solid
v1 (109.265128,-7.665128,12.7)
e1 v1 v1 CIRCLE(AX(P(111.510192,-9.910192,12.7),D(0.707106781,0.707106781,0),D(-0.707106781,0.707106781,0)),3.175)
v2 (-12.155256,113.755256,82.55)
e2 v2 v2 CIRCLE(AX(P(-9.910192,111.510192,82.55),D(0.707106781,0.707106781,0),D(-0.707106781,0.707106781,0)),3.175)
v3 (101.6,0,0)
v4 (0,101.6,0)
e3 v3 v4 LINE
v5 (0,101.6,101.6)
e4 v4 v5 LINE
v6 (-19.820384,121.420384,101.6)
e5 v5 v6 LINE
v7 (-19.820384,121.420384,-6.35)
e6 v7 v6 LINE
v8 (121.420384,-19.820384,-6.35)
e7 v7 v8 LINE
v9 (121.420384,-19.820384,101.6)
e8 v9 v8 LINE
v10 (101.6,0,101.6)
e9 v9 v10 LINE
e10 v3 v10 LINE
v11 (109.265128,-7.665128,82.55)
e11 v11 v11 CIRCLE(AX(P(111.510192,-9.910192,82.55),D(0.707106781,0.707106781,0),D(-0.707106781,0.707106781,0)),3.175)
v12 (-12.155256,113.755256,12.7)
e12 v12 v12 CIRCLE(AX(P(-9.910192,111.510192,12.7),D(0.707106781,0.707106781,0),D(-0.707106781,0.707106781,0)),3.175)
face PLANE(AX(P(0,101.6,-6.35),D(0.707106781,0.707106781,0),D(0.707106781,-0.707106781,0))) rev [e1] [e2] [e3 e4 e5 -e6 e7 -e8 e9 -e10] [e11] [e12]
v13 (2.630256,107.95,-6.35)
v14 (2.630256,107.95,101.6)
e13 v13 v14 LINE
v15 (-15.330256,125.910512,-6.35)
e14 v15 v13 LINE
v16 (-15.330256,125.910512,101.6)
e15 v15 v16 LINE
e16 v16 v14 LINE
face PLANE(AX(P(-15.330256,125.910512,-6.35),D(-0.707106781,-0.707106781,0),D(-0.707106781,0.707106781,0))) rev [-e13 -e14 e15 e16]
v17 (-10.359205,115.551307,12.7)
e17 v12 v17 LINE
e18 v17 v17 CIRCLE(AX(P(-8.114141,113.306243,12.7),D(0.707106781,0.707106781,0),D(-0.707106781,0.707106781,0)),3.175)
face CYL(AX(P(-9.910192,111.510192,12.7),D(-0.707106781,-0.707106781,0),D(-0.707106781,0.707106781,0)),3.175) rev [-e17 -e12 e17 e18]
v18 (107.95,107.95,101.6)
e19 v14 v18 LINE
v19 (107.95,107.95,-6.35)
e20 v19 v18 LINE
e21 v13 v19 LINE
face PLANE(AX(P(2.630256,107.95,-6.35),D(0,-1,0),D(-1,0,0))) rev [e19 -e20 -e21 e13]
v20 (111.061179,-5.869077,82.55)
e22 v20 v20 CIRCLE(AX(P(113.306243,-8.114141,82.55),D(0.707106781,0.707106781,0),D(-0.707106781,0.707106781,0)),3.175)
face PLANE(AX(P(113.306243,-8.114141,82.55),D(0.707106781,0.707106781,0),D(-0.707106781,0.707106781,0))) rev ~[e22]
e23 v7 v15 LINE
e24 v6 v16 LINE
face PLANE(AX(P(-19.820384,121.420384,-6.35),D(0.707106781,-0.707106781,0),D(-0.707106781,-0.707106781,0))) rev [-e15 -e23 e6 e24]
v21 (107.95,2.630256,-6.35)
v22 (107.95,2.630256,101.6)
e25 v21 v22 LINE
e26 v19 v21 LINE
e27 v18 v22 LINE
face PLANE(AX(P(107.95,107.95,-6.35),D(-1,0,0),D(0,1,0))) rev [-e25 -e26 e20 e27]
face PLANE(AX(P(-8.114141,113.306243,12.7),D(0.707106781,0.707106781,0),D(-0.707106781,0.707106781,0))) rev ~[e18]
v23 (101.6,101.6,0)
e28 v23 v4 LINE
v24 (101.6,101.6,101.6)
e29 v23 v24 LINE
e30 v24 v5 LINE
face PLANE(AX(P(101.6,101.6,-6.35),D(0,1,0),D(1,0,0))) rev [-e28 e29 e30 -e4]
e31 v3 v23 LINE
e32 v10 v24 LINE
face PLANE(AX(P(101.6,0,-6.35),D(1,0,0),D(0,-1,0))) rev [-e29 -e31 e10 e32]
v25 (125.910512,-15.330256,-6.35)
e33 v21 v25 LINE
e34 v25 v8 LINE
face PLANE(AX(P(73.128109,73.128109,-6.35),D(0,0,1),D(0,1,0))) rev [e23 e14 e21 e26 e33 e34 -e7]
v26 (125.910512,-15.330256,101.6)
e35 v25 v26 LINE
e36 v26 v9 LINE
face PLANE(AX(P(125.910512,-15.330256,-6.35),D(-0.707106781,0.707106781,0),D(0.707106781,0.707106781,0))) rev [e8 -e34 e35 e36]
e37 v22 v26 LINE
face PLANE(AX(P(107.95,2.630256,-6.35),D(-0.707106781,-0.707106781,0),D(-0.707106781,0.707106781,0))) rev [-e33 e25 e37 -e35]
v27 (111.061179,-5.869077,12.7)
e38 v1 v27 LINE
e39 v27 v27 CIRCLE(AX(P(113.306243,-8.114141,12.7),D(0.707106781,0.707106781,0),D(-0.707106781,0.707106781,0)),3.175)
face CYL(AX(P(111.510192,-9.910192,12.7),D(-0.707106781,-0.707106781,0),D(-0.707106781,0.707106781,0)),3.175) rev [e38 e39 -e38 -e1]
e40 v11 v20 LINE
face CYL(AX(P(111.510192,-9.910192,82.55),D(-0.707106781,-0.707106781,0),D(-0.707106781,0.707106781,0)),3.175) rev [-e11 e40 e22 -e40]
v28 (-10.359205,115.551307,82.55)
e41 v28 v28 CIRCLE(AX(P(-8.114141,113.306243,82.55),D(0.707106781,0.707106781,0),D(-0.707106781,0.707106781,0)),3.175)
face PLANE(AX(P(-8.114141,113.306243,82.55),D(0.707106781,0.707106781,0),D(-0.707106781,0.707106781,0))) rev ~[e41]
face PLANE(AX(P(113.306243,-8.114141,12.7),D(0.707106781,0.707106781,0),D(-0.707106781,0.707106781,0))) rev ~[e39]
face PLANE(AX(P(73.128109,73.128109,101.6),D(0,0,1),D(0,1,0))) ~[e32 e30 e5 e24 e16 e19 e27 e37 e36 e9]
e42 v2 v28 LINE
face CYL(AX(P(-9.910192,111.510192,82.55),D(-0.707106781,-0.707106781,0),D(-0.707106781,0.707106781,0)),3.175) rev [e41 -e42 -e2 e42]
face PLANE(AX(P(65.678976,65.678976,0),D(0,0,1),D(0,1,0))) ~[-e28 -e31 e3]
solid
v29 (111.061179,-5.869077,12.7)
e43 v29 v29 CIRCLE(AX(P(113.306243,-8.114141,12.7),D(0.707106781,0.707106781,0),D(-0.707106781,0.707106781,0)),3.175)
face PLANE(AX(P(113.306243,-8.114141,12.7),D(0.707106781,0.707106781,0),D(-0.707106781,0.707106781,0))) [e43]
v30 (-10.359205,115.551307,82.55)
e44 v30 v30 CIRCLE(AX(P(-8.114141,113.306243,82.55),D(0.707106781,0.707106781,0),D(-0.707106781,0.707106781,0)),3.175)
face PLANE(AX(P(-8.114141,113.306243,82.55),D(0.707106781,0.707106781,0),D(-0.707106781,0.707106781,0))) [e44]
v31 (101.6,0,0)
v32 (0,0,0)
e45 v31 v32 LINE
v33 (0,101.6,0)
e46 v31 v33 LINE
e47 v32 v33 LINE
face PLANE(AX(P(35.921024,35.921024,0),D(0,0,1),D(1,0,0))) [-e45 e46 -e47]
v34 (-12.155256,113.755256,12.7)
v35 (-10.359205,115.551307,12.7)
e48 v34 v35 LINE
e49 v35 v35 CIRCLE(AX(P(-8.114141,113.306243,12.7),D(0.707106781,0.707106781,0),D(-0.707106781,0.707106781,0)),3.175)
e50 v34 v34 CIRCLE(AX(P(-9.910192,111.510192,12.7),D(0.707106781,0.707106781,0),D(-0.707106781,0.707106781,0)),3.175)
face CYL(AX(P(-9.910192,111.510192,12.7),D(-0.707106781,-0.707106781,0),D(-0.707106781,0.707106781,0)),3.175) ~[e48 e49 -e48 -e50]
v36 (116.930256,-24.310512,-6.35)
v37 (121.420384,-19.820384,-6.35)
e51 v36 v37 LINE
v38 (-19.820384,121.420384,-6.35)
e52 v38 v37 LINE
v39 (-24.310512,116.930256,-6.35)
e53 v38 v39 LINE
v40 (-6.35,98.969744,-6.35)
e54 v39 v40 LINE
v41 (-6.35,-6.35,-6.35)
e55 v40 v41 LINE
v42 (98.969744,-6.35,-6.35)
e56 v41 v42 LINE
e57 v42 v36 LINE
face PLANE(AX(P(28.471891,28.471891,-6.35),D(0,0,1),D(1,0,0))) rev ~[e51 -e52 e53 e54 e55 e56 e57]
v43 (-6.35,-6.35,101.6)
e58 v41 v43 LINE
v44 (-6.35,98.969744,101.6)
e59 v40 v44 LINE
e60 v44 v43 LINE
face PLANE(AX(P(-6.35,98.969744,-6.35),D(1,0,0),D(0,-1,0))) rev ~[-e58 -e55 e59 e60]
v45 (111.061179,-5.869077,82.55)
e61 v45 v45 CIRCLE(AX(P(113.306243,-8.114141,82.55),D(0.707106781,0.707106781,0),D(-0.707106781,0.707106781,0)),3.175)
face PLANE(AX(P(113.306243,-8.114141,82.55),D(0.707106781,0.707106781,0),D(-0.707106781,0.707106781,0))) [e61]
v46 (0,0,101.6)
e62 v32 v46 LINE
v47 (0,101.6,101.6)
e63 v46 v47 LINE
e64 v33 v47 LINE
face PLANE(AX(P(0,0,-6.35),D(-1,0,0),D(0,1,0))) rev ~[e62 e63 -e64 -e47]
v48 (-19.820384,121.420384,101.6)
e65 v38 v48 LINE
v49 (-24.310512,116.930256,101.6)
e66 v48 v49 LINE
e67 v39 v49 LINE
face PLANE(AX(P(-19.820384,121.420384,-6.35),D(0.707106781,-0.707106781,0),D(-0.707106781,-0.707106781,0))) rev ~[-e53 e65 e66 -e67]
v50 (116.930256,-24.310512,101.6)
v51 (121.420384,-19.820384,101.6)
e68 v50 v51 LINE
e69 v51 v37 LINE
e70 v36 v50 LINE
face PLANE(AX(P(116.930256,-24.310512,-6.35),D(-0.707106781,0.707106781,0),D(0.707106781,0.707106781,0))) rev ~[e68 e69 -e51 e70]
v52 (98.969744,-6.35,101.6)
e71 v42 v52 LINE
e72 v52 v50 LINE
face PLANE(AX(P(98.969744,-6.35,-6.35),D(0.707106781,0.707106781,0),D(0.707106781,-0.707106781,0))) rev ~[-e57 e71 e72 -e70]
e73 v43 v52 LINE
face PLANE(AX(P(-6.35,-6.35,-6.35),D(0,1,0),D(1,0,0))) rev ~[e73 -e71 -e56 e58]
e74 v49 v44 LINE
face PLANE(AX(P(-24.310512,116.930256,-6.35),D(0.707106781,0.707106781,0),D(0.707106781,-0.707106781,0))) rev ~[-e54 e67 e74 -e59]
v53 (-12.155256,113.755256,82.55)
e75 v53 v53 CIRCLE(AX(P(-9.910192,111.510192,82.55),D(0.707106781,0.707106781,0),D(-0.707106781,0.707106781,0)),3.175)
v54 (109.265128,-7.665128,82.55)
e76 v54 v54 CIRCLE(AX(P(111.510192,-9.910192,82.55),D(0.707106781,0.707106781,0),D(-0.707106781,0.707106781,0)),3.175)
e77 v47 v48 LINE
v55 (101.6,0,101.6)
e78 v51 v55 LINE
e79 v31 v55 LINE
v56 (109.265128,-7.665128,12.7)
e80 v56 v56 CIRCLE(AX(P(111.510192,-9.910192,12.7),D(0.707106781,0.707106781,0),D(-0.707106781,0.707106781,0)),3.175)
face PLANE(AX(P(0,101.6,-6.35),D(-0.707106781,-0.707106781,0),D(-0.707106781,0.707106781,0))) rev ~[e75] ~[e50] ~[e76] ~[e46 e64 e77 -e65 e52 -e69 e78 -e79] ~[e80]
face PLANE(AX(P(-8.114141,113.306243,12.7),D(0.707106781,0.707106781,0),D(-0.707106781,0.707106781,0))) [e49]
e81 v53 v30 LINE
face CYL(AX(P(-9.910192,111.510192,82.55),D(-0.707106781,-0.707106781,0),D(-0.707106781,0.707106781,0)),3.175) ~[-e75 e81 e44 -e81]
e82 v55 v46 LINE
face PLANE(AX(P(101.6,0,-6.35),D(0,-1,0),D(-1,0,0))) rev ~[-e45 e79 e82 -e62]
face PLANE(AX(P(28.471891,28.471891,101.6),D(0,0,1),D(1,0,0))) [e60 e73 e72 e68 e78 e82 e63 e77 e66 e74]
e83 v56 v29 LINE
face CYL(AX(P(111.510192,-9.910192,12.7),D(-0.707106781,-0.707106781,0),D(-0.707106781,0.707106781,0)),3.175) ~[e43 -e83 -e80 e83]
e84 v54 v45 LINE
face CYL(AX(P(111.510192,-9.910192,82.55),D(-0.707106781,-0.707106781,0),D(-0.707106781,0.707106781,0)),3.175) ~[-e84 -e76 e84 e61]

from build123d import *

# Parameters (mm, degrees)
F4_DEPTH = 6.35
F5_DEPTH = 107.95
F8_R     = 3.175
F9_DEPTH = 2.54


with BuildPart() as f4:
    # F3 (on offset) → F4 (new body)
    with BuildSketch(Plane.XY.offset(-6.35)):
        Polygon((0, 101.6), (0, 0), (101.6, 0), align=None)
        Polygon((101.6, 0), (0, 0), (0, 101.6), (-6.35, 107.95), (-19.8203841816, 121.4203841816), (-24.3105122421, 116.9302561211), (-6.35, 98.9697438789), (-6.35, -6.35), (98.9697438789, -6.35), (116.9302561211, -24.3105122421), (121.4203841816, -19.8203841816), (107.95, -6.35), align=None)
    extrude(amount=F4_DEPTH)


with BuildPart() as f5:
    # F3 (on offset) → F5 (new body)
    with BuildSketch(Plane.XY.offset(-6.35)):
        Polygon((101.6, 0), (0, 0), (0, 101.6), (-6.35, 107.95), (-19.8203841816, 121.4203841816), (-24.3105122421, 116.9302561211), (-6.35, 98.9697438789), (-6.35, -6.35), (98.9697438789, -6.35), (116.9302561211, -24.3105122421), (121.4203841816, -19.8203841816), (107.95, -6.35), align=None)
    extrude(amount=F5_DEPTH)

    # F6: union F4
    add(f4.part)

    # F8 (on plane+point) → F9 (join)
    with BuildSketch(Plane(origin=(50.8, 50.8, 0), x_dir=(-0.7071067812, 0.7071067812, 0), z_dir=(0.7071067812, 0.7071067812, 0))):
        with Locations((85.8571770291, 82.55)):
            Circle(F8_R)
        with Locations((85.8571770291, 12.7)):
            Circle(F8_R)
        with Locations((-85.8571770291, 82.55)):
            Circle(F8_R)
        with Locations((-85.8571770291, 12.7)):
            Circle(F8_R)
    extrude(amount=F9_DEPTH)


with BuildPart() as f10_1:
    # F10: instance of F5
    add(f5.part.mirror(Plane(origin=(50.8, 50.8, 40.9695181501), x_dir=(-0.7071067812, 0.7071067812, 0), z_dir=(0.7071067812, 0.7071067812, 0))))

    # F11: cut F5
    add(f5.part, mode=Mode.SUBTRACT)


solid = Compound([f5.part, f10_1.part])
